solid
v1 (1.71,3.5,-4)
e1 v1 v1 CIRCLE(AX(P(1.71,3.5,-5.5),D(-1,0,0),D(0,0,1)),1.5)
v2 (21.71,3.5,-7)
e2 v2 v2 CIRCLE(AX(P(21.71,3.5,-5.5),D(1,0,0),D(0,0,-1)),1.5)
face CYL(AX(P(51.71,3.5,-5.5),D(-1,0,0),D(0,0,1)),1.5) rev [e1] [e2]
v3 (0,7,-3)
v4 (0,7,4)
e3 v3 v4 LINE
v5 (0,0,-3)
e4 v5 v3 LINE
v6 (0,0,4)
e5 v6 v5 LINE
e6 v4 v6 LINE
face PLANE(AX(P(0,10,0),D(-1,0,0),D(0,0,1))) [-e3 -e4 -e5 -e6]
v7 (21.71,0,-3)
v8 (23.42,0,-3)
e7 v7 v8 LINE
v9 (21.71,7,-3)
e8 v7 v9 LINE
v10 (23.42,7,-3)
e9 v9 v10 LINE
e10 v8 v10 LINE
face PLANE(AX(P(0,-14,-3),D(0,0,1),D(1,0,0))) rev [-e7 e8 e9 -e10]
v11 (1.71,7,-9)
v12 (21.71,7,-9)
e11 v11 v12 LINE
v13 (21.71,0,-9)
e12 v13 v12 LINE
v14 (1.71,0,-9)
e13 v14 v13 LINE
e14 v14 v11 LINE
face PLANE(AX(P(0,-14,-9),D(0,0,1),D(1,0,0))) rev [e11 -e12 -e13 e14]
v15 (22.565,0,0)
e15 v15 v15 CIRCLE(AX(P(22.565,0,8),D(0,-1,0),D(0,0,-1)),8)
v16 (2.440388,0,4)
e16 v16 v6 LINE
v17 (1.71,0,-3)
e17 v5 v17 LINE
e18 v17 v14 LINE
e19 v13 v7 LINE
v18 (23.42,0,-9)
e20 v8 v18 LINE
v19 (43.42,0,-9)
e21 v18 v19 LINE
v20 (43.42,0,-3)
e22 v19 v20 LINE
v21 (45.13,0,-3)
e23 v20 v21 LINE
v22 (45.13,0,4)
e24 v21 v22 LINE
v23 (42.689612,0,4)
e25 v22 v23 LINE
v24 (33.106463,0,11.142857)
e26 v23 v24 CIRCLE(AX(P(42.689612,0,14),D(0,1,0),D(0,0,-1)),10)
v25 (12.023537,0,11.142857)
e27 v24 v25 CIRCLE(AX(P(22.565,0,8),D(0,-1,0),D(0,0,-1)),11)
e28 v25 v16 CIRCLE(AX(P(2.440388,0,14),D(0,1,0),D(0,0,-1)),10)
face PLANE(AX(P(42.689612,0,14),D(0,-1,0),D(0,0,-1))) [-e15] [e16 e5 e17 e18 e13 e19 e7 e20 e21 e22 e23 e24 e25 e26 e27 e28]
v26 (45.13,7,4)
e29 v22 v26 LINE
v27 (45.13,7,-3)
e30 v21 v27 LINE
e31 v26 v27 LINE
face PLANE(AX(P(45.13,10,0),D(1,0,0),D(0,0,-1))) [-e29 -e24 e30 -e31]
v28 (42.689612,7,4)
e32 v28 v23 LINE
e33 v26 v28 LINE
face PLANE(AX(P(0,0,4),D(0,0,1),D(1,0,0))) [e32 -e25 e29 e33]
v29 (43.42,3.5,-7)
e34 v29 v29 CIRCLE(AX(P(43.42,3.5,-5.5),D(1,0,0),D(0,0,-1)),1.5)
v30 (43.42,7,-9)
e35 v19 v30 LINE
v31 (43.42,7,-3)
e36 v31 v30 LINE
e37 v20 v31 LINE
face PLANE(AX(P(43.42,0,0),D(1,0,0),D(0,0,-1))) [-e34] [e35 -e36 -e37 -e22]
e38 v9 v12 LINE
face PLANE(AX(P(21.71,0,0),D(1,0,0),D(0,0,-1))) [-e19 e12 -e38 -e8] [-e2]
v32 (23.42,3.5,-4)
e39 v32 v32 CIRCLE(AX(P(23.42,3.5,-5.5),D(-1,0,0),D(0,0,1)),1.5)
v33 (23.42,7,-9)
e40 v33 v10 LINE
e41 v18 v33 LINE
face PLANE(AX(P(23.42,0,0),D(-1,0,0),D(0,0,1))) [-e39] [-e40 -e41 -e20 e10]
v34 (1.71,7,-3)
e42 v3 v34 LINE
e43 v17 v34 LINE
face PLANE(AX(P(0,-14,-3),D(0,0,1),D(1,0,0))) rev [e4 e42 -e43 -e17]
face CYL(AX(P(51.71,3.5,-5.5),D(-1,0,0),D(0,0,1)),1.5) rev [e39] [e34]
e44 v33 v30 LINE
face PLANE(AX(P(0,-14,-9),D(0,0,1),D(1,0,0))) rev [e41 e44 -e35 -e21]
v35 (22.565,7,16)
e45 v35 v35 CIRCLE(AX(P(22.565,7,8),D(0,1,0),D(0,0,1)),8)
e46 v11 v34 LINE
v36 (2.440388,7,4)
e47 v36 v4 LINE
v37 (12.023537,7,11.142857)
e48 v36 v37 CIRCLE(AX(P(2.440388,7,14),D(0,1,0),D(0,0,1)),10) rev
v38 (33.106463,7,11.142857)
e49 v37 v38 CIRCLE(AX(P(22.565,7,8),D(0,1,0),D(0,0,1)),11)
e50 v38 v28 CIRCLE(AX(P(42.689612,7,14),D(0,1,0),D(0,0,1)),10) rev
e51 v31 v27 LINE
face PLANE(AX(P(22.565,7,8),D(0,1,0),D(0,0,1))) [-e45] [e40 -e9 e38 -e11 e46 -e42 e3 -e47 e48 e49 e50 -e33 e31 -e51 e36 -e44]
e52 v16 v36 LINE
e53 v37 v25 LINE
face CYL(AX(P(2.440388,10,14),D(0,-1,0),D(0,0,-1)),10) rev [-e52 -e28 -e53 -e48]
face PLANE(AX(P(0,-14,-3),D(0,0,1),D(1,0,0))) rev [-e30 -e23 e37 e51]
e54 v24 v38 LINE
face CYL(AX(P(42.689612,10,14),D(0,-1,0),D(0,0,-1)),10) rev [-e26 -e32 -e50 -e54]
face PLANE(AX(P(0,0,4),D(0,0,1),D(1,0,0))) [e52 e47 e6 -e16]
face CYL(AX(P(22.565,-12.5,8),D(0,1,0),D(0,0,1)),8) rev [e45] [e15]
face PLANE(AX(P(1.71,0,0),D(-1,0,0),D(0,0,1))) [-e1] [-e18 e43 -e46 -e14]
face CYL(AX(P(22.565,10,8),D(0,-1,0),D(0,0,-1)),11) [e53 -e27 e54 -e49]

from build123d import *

# Parameters (mm, degrees)
SKETCH1_R            = 11
SKETCH1_R_2          = 8
SKETCH1_W            = 45.13
SKETCH1_H            = 7
BOSS_EXTRUDE1_DEPTH  = 10
SKETCH2_W            = 1.71
SKETCH2_H            = 4
CUT_EXTRUDE1_DEPTH   = 10
SKETCH3_W            = 20
SKETCH3_H            = 10
BOSS_EXTRUDE2_DEPTH  = 3
CUT_EXTRUDE2_START   = -3
CUT_EXTRUDE2_DEPTH   = 3
SKETCH6_W            = 20
SKETCH6_H            = 7
BOSS_EXTRUDE3_DEPTH  = 2
SKETCH7_R            = 1.5
CUT_EXTRUDE5_DEPTH   = 44
SKETCH9_W            = 1.71
SKETCH9_H            = 7
BOSS_EXTRUDE4_DEPTH  = 3
CUT_EXTRUDE6_START   = -1
SKETCH11_R           = 8
CUT_EXTRUDE6_DEPTH   = 1
BOSS_EXTRUDE6_DEPTH  = 1
BOSS_EXTRUDE7_START  = 6
SKETCH13_R           = 8
BOSS_EXTRUDE7_DEPTH  = 6
SKETCH14_R           = 8
BOSS_EXTRUDE8_DEPTH  = 40
SKETCH15_R           = 7.5
BOSS_EXTRUDE9_DEPTH  = 30
BOSS_EXTRUDE10_START = 6.5
BOSS_EXTRUDE10_DEPTH = 6.5
SKETCH17_R           = 15.773418916
SKETCH17_R_2         = 7
CUT_EXTRUDE7_DEPTH   = 30
SKETCH18_R           = 7.1
BOSS_EXTRUDE11_DEPTH = 30
SKETCH19_R           = 7.2
BOSS_EXTRUDE12_DEPTH = 30
SKETCH20_R           = 12.810748173
SKETCH20_R_2         = 7.15
CUT_EXTRUDE8_DEPTH   = 30
SKETCH21_R           = 7.15
CUT_EXTRUDE9_DEPTH   = 10
SKETCH22_R           = 8
SKETCH22_R_2         = 7.15
CUT_EXTRUDE10_DEPTH  = 10
SKETCH25_W           = 1.71
SKETCH25_H           = 3
SKETCH25_W_2         = 20
CUT_EXTRUDE13_DEPTH  = 21
BOSS_EXTRUDE13_DEPTH = 20
BOSS_EXTRUDE14_START = -20
BOSS_EXTRUDE14_DEPTH = 20
SKETCH28_R           = 1.5
CUT_EXTRUDE14_DEPTH  = 50
SKETCH29_W           = 45.13
SKETCH29_H           = 13.5
BOSS_EXTRUDE15_DEPTH = 4
FILLET1_R            = 10
FILLET2_R            = 2
CUT_EXTRUDE15_START  = 59
CUT_EXTRUDE15_DEPTH  = 59
CUT_EXTRUDE16_DEPTH  = 6.5
SKETCH33_R           = 8
CUT_EXTRUDE17_DEPTH  = 19.5


with BuildPart() as part:
    # Sketch1 → Boss-Extrude1 (new body)
    # profile 1 of 2: a face of its own
    with BuildSketch(Plane(origin=(0, 0, 0), x_dir=(1, 0, 0), z_dir=(0, 1, 0))):
        with Locations((22.565, -8)):
            Circle(SKETCH1_R)
        with Locations(Location((22.565, -8, 0), (0, 0, 270))):
            Circle(SKETCH1_R_2, mode=Mode.SUBTRACT)
    # profile 2 of 2: a face of its own
    with BuildSketch(Plane(origin=(0, 0, 0), x_dir=(1, 0, 0), z_dir=(0, 1, 0))):
        with Locations((22.565, 3.5)):
            Rectangle(SKETCH1_W, SKETCH1_H)
    extrude(amount=BOSS_EXTRUDE1_DEPTH)

    # Sketch2 → Cut-Extrude1 (cut)
    with BuildSketch(Plane(origin=(0, 10, 0), x_dir=(1, 0, 0), z_dir=(0, 1, 0))):
        with Locations((0.855, 5)):
            Rectangle(SKETCH2_W, SKETCH2_H)
        with Locations((22.565, 5)):
            Rectangle(SKETCH2_W, SKETCH2_H)
        with Locations((44.275, 5)):
            Rectangle(SKETCH2_W, SKETCH2_H)
    extrude(amount=-CUT_EXTRUDE1_DEPTH, mode=Mode.SUBTRACT)

    # Sketch3 → Boss-Extrude2 (add)
    with BuildSketch(Plane(origin=(0, 0, -7), x_dir=(-1, 0, 0), z_dir=(0, 0, -1))):
        with Locations((-33.42, 5)):
            Rectangle(SKETCH3_W, SKETCH3_H)
        with Locations((-11.71, 5)):
            Rectangle(SKETCH3_W, SKETCH3_H)
    extrude(amount=BOSS_EXTRUDE2_DEPTH)

    # Sketch4 → Cut-Extrude2 (cut)
    with BuildSketch(Plane(origin=(0, 10, 0), x_dir=(1, 0, 0), z_dir=(0, 1, 0)).offset(CUT_EXTRUDE2_START)):
        with BuildLine():
            Line((21.71, 3), (21.71, 10))
            Line((21.71, 10), (1.71, 10))
            Line((1.71, 10), (1.71, 3))
            Line((1.71, 3), (0, 3))
            Line((0, 3), (0, 0))
            Line((0, 0), (15.015165565, 0))
            ThreePointArc((15.015165565, 0), (22.565, -19), (30.114834435, 0))
            Line((30.114834435, 0), (45.13, 0))
            Line((45.13, 0), (45.13, 3))
            Line((45.13, 3), (43.42, 3))
            Line((43.42, 3), (43.42, 10))
            Line((43.42, 10), (23.42, 10))
            Line((23.42, 10), (23.42, 3))
            Line((23.42, 3), (21.71, 3))
        make_face()
    extrude(amount=CUT_EXTRUDE2_DEPTH, mode=Mode.SUBTRACT)

    # Sketch6 → Boss-Extrude3 (add)
    with BuildSketch(Plane(origin=(0, 0, -10), x_dir=(-1, 0, 0), z_dir=(0, 0, -1))):
        with Locations((-33.42, 3.5)):
            Rectangle(SKETCH6_W, SKETCH6_H)
        with Locations((-11.71, 3.5)):
            Rectangle(SKETCH6_W, SKETCH6_H)
    extrude(amount=BOSS_EXTRUDE3_DEPTH)

    # Sketch7 → Cut-Extrude5 (cut)
    with BuildSketch(Plane.ZY.offset(-1.71)):
        with Locations((-8.5, 3.5)):
            Circle(SKETCH7_R)
    extrude(amount=-CUT_EXTRUDE5_DEPTH, mode=Mode.SUBTRACT)

    # Sketch9 → Boss-Extrude4 (add)
    with BuildSketch(Plane(origin=(0, 0, -3), x_dir=(-1, 0, 0), z_dir=(0, 0, -1))):
        with Locations((-22.565, 3.5)):
            Rectangle(SKETCH9_W, SKETCH9_H)
        with Locations((-0.855, 3.5)):
            Rectangle(SKETCH9_W, SKETCH9_H)
        with Locations((-44.275, 3.5)):
            Rectangle(SKETCH9_W, SKETCH9_H)
    extrude(amount=BOSS_EXTRUDE4_DEPTH)

    # Sketch11 → Cut-Extrude6 (cut)
    with BuildSketch(Plane(origin=(0, 7, 0), x_dir=(1, 0, 0), z_dir=(0, 1, 0)).offset(CUT_EXTRUDE6_START)):
        with BuildLine():
            Line((45.13, 6), (43.42, 6))
            Line((43.42, 6), (43.42, 12))
            Line((43.42, 12), (23.42, 12))
            Line((23.42, 12), (23.42, 6))
            Line((23.42, 6), (21.71, 6))
            Line((21.71, 6), (21.71, 12))
            Line((21.71, 12), (1.71, 12))
            Line((1.71, 12), (1.71, 6))
            Line((1.71, 6), (0, 6))
            Line((0, 6), (0, 0))
            Line((0, 0), (15.015165565, 0))
            ThreePointArc((15.015165565, 0), (22.565, -19), (30.114834435, 0))
            Line((30.114834435, 0), (45.13, 0))
            Line((45.13, 0), (45.13, 6))
        make_face()
        with Locations(Location((22.565, -8, 0), (0, 0, 270))):
            Circle(SKETCH11_R, mode=Mode.SUBTRACT)
    extrude(amount=CUT_EXTRUDE6_DEPTH, mode=Mode.SUBTRACT)

    # Sketch12 → Boss-Extrude6 (add)
    with BuildSketch(Plane(origin=(0, 6, 0), x_dir=(1, 0, 0), z_dir=(0, 1, 0))):
        with BuildLine():
            Line((45.13, 0), (45.13, 6))
            Line((45.13, 6), (43.42, 6))
            Line((43.42, 6), (43.42, 12))
            Line((43.42, 12), (23.42, 12))
            Line((23.42, 12), (23.42, 6))
            Line((23.42, 6), (21.71, 6))
            Line((21.71, 6), (21.71, 12))
            Line((21.71, 12), (1.71, 12))
            Line((1.71, 12), (1.71, 6))
            Line((1.71, 6), (0, 6))
            Line((0, 6), (0, 0))
            Line((0, 0), (15.015165565, 0))
            ThreePointArc((15.015165565, 0), (22.565, -19), (30.114834435, 0))
            Line((30.114834435, 0), (45.13, 0))
        make_face()
    extrude(amount=BOSS_EXTRUDE6_DEPTH)

    # Sketch13 → Boss-Extrude7 (add)
    with BuildSketch(Plane.XZ.offset(-6).offset(BOSS_EXTRUDE7_START)):
        with Locations((22.565, 8)):
            Circle(SKETCH13_R)
    extrude(amount=-BOSS_EXTRUDE7_DEPTH)

    # Sketch14 → Boss-Extrude8 (add)
    with BuildSketch(Plane.XZ):
        with Locations(Location((22.565, 8, 0), (0, 0, 90))):
            Circle(SKETCH14_R)
    extrude(amount=BOSS_EXTRUDE8_DEPTH)

    # Sketch15 → Boss-Extrude9 (add)
    with BuildSketch(Plane.XZ.offset(40)):
        with Locations(Location((22.565, 8, 0), (0, 0, 270))):
            Circle(SKETCH15_R)
    extrude(amount=BOSS_EXTRUDE9_DEPTH)

    # Sketch16 → Boss-Extrude10 (add)
    with BuildSketch(Plane.XZ.offset(BOSS_EXTRUDE10_START)):
        with BuildLine():
            Line((43.42, -12), (43.42, -6))
            Line((43.42, -6), (45.13, -6))
            Line((45.13, -6), (45.13, 0))
            Line((45.13, 0), (30.114834435, 0))
            ThreePointArc((30.114834435, 0), (22.565, 19), (15.015165565, 0))
            Line((15.015165565, 0), (0, 0))
            Line((0, 0), (0, -6))
            Line((0, -6), (1.71, -6))
            Line((1.71, -6), (1.71, -12))
            Line((1.71, -12), (21.71, -12))
            Line((21.71, -12), (21.71, -6))
            Line((21.71, -6), (23.42, -6))
            Line((23.42, -6), (23.42, -12))
            Line((23.42, -12), (43.42, -12))
        make_face()
    extrude(amount=-BOSS_EXTRUDE10_DEPTH)

    # Sketch17 → Cut-Extrude7 (cut)
    with BuildSketch(Plane.XZ.offset(70)):
        with Locations((22.565, 8)):
            Circle(SKETCH17_R)
        with Locations(Location((22.565, 8, 0), (0, 0, 270))):
            Circle(SKETCH17_R_2, mode=Mode.SUBTRACT)
    extrude(amount=-CUT_EXTRUDE7_DEPTH, mode=Mode.SUBTRACT)

    # Sketch18 → Boss-Extrude11 (add)
    with BuildSketch(Plane.XZ.offset(70)):
        with Locations(Location((22.565, 8, 0), (0, 0, 270))):
            Circle(SKETCH18_R)
    extrude(amount=-BOSS_EXTRUDE11_DEPTH)

    # Sketch19 → Boss-Extrude12 (add)
    with BuildSketch(Plane.XZ.offset(70)):
        with Locations(Location((22.565, 8, 0), (0, 0, 270))):
            Circle(SKETCH19_R)
    extrude(amount=-BOSS_EXTRUDE12_DEPTH)

    # Sketch20 → Cut-Extrude8 (cut)
    with BuildSketch(Plane.XZ.offset(70)):
        with Locations((22.565, 8)):
            Circle(SKETCH20_R)
        with Locations(Location((22.565, 8, 0), (0, 0, 270))):
            Circle(SKETCH20_R_2, mode=Mode.SUBTRACT)
    extrude(amount=-CUT_EXTRUDE8_DEPTH, mode=Mode.SUBTRACT)

    # Sketch21 → Cut-Extrude9 (cut)
    with BuildSketch(Plane.XZ.offset(70)):
        with Locations(Location((22.565, 8, 0), (0, 0, 270))):
            Circle(SKETCH21_R)
    extrude(amount=-CUT_EXTRUDE9_DEPTH, mode=Mode.SUBTRACT)

    # Sketch22 → Cut-Extrude10 (cut)
    with BuildSketch(Plane.XZ.offset(40)):
        with Locations(Location((22.565, 8, 0), (0, 0, 270))):
            Circle(SKETCH22_R)
        with Locations(Location((22.565, 8, 0), (0, 0, 270))):
            Circle(SKETCH22_R_2, mode=Mode.SUBTRACT)
    extrude(amount=-CUT_EXTRUDE10_DEPTH, mode=Mode.SUBTRACT)

    # Sketch25 → Cut-Extrude13 (cut)
    with BuildSketch(Plane(origin=(0, 7, 0), x_dir=(1, 0, 0), z_dir=(0, 1, 0))):
        with Locations((0.855, 4.5)):
            Rectangle(SKETCH25_W, SKETCH25_H)
        with Locations((11.71, 10.5)):
            Rectangle(SKETCH25_W_2, SKETCH25_H)
        with Locations((33.42, 10.5)):
            Rectangle(SKETCH25_W_2, SKETCH25_H)
        with Locations((22.565, 4.5)):
            Rectangle(SKETCH25_W, SKETCH25_H)
        with Locations((44.275, 4.5)):
            Rectangle(SKETCH25_W, SKETCH25_H)
    extrude(amount=-CUT_EXTRUDE13_DEPTH, mode=Mode.SUBTRACT)

    # Sketch26 → Boss-Extrude13 (add)
    with BuildSketch(Plane.ZY.offset(-1.71)):
        with BuildLine():
            ThreePointArc((-7, 3.5), (-7.633974596, 4.724744871), (-9, 4.914213562))
            Line((-9, 4.914213562), (-9, 2.085786438))
            ThreePointArc((-9, 2.085786438), (-7.633974596, 2.275255129), (-7, 3.5))
        make_face()
    extrude(amount=-BOSS_EXTRUDE13_DEPTH)

    # Sketch27 → Boss-Extrude14 (add)
    with BuildSketch(Plane(origin=(43.42, 0, 0), x_dir=(0, 0, -1), z_dir=(1, 0, 0)).offset(BOSS_EXTRUDE14_START)):
        with BuildLine():
            Line((9, 2.085786438), (9, 4.914213562))
            ThreePointArc((9, 4.914213562), (7, 3.5), (9, 2.085786438))
        make_face()
    extrude(amount=BOSS_EXTRUDE14_DEPTH)

    # Sketch28 → Cut-Extrude14 (cut)
    with BuildSketch(Plane.ZY.offset(-1.71)):
        with Locations((-5.5, 3.5)):
            Circle(SKETCH28_R)
    extrude(amount=-CUT_EXTRUDE14_DEPTH, mode=Mode.SUBTRACT)

    # Sketch29 → Boss-Extrude15 (add)
    with BuildSketch(Plane.XY):
        with Locations((22.565, 0.25)):
            Rectangle(SKETCH29_W, SKETCH29_H)
    extrude(amount=BOSS_EXTRUDE15_DEPTH)

    # Fillet1
    fillet1_edges = [part.edges().sort_by_distance(p)[0] for p in [
        (32.811950766, 0.25, 4),
        (12.318049234, 0.25, 4),
    ]]
    fillet(fillet1_edges, radius=FILLET1_R)

    # Fillet2
    fillet2_edges = [part.edges().sort_by_distance(p)[0] for p in [
        (22.565, -6.5, 0),
    ]]
    fillet(fillet2_edges, radius=FILLET2_R)

    # Sketch30 → Cut-Extrude15 (cut)
    with BuildSketch(Plane.XZ.offset(6.5).offset(CUT_EXTRUDE15_START)):
        with BuildLine():
            Line((45.13, 4), (42.689611797, 4))
            ThreePointArc((42.689611797, 4), (36.713468751, 5.982162743), (33.106463322, 11.142857143))
            ThreePointArc((33.106463322, 11.142857143), (22.565, 19), (12.023536678, 11.142857143))
            ThreePointArc((12.023536678, 11.142857143), (8.416531249, 5.982162743), (2.440388203, 4))
            Line((2.440388203, 4), (0, 4))
            Line((0, 4), (0, -3))
            Line((0, -3), (1.71, -3))
            Line((1.71, -3), (1.71, -9))
            Line((1.71, -9), (21.71, -9))
            Line((21.71, -9), (21.71, -3))
            Line((21.71, -3), (23.42, -3))
            Line((23.42, -3), (23.42, -9))
            Line((23.42, -9), (43.42, -9))
            Line((43.42, -9), (43.42, -3))
            Line((43.42, -3), (45.13, -3))
            Line((45.13, -3), (45.13, 4))
        make_face()
    extrude(amount=-CUT_EXTRUDE15_DEPTH, mode=Mode.SUBTRACT)

    # Sketch32 → Cut-Extrude16 (cut)
    with BuildSketch(Plane.XZ.offset(6.5)):
        with BuildLine():
            Line((45.13, 4), (42.689611797, 4))
            ThreePointArc((42.689611797, 4), (36.713468751, 5.982162743), (33.106463322, 11.142857143))
            ThreePointArc((33.106463322, 11.142857143), (22.565, 19), (12.023536678, 11.142857143))
            ThreePointArc((12.023536678, 11.142857143), (8.416531249, 5.982162743), (2.440388203, 4))
            Line((2.440388203, 4), (0, 4))
            Line((0, 4), (0, -3))
            Line((0, -3), (1.71, -3))
            Line((1.71, -3), (1.71, -9))
            Line((1.71, -9), (21.71, -9))
            Line((21.71, -9), (21.71, -3))
            Line((21.71, -3), (23.42, -3))
            Line((23.42, -3), (23.42, -9))
            Line((23.42, -9), (43.42, -9))
            Line((43.42, -9), (43.42, -3))
            Line((43.42, -3), (45.13, -3))
            Line((45.13, -3), (45.13, 4))
        make_face()
    extrude(amount=-CUT_EXTRUDE16_DEPTH, mode=Mode.SUBTRACT)

    # Sketch33 → Cut-Extrude17 (cut)
    with BuildSketch(Plane(origin=(0, 7, 0), x_dir=(1, 0, 0), z_dir=(0, 1, 0))):
        with Locations(Location((22.565, -8, 0), (0, 0, 270))):
            Circle(SKETCH33_R)
    extrude(amount=-CUT_EXTRUDE17_DEPTH, mode=Mode.SUBTRACT)


solid = part.part
